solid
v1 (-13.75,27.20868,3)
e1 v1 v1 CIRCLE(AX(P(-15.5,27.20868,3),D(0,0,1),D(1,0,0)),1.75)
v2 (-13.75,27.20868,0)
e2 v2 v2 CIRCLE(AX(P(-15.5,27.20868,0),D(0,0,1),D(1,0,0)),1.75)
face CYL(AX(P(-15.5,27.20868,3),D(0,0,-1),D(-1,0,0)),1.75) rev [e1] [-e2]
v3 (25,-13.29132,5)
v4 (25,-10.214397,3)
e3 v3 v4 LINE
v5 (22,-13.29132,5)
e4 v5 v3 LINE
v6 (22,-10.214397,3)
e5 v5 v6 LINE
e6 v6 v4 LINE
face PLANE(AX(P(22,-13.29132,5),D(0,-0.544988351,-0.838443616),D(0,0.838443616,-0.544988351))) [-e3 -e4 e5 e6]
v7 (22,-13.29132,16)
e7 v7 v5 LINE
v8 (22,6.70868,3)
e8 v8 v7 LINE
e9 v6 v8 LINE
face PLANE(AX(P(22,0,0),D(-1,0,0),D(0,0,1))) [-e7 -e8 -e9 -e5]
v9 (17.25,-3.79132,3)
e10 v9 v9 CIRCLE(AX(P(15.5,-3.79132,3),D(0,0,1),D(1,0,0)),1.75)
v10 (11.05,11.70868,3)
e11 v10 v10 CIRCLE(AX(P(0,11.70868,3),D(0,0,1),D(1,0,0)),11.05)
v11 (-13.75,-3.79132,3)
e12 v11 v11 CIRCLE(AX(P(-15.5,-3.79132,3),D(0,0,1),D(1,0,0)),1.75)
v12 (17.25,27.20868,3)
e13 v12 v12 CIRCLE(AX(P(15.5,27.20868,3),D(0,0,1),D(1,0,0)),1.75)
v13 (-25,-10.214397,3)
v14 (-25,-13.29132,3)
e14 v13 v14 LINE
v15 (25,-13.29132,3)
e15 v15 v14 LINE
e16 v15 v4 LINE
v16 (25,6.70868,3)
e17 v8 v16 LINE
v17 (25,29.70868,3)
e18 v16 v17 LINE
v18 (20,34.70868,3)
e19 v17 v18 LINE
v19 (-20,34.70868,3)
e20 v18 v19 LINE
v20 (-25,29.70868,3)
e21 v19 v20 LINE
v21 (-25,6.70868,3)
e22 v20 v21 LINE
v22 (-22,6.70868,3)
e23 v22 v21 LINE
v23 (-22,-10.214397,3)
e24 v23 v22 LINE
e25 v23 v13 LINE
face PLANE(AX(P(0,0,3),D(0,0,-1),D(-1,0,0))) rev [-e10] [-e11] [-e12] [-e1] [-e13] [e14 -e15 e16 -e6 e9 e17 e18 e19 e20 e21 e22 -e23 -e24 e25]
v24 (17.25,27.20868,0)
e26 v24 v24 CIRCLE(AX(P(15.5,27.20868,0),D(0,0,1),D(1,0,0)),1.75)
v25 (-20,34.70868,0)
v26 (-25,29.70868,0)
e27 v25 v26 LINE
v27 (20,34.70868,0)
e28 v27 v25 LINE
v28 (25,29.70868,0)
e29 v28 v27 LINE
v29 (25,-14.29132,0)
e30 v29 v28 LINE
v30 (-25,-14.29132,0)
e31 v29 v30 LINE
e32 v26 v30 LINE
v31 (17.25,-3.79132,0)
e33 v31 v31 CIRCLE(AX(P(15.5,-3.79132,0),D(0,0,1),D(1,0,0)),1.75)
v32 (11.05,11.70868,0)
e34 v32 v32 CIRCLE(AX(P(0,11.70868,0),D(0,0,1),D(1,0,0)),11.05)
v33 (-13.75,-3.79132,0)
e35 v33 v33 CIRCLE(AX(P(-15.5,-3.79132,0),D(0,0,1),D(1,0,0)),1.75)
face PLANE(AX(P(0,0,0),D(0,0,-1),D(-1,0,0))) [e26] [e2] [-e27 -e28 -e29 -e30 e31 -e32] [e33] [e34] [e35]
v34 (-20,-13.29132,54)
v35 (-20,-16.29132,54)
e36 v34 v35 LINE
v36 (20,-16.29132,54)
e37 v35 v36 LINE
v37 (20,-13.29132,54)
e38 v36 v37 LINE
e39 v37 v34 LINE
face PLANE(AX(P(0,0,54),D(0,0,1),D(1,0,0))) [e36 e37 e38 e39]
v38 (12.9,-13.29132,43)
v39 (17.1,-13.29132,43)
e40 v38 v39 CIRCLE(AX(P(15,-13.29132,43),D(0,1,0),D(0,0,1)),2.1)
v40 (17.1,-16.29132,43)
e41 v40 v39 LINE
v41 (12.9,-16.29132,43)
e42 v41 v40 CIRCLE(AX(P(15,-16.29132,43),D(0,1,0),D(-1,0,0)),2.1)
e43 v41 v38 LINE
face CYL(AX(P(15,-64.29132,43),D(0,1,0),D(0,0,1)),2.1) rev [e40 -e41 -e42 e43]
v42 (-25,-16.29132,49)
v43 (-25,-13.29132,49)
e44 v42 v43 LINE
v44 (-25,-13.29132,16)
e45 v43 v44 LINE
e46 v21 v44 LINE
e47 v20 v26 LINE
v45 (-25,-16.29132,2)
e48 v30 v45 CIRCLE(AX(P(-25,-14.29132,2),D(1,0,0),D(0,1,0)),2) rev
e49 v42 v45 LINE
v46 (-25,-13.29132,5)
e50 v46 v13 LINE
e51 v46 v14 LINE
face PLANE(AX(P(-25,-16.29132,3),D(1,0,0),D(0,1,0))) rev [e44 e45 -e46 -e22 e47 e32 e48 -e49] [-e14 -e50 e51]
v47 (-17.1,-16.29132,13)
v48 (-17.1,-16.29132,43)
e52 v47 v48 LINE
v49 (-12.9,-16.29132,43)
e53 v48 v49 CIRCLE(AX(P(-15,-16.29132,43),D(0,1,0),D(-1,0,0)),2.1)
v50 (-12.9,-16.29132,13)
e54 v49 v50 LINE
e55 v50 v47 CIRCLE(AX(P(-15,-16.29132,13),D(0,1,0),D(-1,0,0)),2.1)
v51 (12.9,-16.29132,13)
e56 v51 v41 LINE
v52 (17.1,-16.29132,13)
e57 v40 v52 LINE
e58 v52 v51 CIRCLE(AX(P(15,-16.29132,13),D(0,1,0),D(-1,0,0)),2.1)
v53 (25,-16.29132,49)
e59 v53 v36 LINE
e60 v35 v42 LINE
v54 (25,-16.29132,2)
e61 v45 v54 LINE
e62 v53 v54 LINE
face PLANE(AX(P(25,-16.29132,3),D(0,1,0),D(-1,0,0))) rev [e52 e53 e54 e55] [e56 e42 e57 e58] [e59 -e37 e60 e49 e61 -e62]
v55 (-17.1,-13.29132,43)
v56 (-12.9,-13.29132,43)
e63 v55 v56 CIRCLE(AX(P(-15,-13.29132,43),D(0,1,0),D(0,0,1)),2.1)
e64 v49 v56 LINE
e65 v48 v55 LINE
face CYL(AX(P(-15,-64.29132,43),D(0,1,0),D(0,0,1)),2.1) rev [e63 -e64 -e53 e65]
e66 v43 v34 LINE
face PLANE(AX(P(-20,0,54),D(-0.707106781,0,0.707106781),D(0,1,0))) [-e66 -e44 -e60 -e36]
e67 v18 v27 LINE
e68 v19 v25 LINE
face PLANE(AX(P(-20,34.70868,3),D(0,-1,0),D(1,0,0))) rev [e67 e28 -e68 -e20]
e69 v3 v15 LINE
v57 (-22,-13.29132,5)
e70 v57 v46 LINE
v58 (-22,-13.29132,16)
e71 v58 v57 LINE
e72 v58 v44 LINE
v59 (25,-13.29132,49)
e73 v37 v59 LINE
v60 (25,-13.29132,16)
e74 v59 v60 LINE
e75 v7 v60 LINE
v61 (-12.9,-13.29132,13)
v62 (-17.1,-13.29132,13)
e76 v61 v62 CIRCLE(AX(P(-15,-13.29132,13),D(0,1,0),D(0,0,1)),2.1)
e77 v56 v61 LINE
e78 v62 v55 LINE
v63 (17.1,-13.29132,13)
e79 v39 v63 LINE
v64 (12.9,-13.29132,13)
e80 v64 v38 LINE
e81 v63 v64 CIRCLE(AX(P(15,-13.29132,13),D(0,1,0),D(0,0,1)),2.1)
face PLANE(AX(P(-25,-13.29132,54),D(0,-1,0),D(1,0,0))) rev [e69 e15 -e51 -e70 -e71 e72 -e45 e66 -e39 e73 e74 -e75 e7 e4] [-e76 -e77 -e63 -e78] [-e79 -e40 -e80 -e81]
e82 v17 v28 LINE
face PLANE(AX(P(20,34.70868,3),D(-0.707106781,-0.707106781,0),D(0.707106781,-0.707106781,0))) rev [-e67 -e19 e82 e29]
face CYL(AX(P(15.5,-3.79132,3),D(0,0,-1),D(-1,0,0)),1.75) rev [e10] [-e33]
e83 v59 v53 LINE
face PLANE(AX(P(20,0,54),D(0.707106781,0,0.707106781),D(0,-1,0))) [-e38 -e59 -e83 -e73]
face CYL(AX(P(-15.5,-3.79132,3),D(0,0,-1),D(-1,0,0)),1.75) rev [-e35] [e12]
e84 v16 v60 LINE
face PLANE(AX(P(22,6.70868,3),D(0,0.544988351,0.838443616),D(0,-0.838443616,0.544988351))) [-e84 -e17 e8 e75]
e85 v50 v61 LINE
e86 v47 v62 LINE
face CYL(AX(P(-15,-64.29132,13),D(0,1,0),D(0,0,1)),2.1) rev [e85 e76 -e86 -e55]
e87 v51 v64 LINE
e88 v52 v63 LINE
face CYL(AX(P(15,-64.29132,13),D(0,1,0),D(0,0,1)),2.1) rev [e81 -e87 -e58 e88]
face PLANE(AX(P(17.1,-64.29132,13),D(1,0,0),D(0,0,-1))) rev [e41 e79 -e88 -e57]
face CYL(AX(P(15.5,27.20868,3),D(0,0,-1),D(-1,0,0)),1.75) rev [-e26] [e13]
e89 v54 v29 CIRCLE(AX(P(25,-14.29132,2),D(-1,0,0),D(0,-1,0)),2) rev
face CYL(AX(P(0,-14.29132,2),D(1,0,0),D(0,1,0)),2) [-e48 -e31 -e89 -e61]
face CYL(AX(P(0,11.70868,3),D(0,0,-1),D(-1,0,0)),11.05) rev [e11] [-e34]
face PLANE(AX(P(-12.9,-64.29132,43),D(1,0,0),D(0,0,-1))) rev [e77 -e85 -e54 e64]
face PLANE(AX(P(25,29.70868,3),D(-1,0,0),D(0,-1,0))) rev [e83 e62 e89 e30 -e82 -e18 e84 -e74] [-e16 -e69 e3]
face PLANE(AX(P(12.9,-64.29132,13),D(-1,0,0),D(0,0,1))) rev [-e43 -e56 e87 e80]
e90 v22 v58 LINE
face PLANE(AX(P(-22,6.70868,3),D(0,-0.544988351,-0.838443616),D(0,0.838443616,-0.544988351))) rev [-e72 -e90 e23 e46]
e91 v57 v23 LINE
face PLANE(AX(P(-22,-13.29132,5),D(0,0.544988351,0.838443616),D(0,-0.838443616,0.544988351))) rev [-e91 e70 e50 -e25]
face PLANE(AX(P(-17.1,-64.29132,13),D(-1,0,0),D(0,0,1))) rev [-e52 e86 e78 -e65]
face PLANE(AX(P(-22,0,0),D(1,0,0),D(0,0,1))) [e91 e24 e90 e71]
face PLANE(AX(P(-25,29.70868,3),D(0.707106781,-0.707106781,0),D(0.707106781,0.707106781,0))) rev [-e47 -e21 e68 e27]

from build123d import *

# Parameters (mm, degrees)
SKETCH_1_R          = 1.75
SKETCH_1_R_2        = 11.05
EXTRUDE_1_DEPTH     = 3
SKETCH_2_W          = 50
SKETCH_2_H          = 3
EXTRUDE_2_DEPTH     = 51
FILLET_1_R          = 2
CUT_EXTRUDE_1_DEPTH = 51
CHAMFER_1_SIZE      = 5
EXTRUDE_3_DEPTH     = 3
FILLET_3_R          = 2


with BuildPart() as part:
    # 草图1 → 凸台-拉伸1 (new body)
    with BuildSketch(Plane.XY):
        Polygon((25, 29.708680022), (25, -16.291319978), (-25, -16.291319978), (-25, 29.708680022), (-20, 34.708680022), (20, 34.708680022), align=None)
        with Locations((-15.5, 27.208680022)):
            Circle(SKETCH_1_R, mode=Mode.SUBTRACT)
        with Locations((15.5, 27.208680022)):
            Circle(SKETCH_1_R, mode=Mode.SUBTRACT)
        with Locations((-15.5, -3.791319978)):
            Circle(SKETCH_1_R, mode=Mode.SUBTRACT)
        with Locations((15.5, -3.791319978)):
            Circle(SKETCH_1_R, mode=Mode.SUBTRACT)
        with Locations((0, 11.708680022)):
            Circle(SKETCH_1_R_2, mode=Mode.SUBTRACT)
    extrude_1 = extrude(amount=EXTRUDE_1_DEPTH)

    # 草图2 → 凸台-拉伸2 (add)
    with BuildSketch(Plane.XY.offset(3)):
        with Locations((0, -14.791319978)):
            Rectangle(SKETCH_2_W, SKETCH_2_H)
    extrude(amount=EXTRUDE_2_DEPTH)

    # 圆角1
    fillet_1_edges = [part.edges().sort_by_distance(p)[0] for p in [
        (0, -16.291319978, 0),
    ]]
    fillet(fillet_1_edges, radius=FILLET_1_R)

    # 草图3 → 切除-拉伸1 (cut)
    with BuildSketch(Plane(origin=(0, -13.291319978, 0), x_dir=(1, 0, 0), z_dir=(0, 1, 0))):
        with BuildLine():
            Line((-17.1, -13), (-17.1, -43))
            ThreePointArc((-17.1, -43), (-15, -45.1), (-12.9, -43))
            Line((-12.9, -43), (-12.9, -13))
            ThreePointArc((-12.9, -13), (-15, -10.9), (-17.1, -13))
        make_face()
        with BuildLine():
            Line((12.9, -13), (12.9, -43))
            ThreePointArc((12.9, -43), (15, -45.1), (17.1, -43))
            Line((17.1, -43), (17.1, -13))
            ThreePointArc((17.1, -13), (15, -10.9), (12.9, -13))
        make_face()
    extrude(amount=-CUT_EXTRUDE_1_DEPTH, mode=Mode.SUBTRACT)

    # 倒角1
    chamfer_1_edges = [part.edges().sort_by_distance(p)[0] for p in [
        (-25, -14.791319978, 54),
        (25, -14.791319978, 54),
    ]]
    chamfer(chamfer_1_edges, length=CHAMFER_1_SIZE)

    # 草图4 → 凸台-拉伸3 (add)
    with BuildSketch(Plane(origin=(25, 0, 0), x_dir=(0, 0, -1), z_dir=(1, 0, 0))):
        Polygon((-3, 6.708680022), (-16, -13.291319978), (-5, -13.291319978), (-3, -10.214396901), align=None)
    extrude_3 = extrude(amount=-EXTRUDE_3_DEPTH)

    # 镜向1: 凸台-拉伸1, 凸台-拉伸3 across plane
    add(extrude_1.mirror(Plane(origin=(0, 0, 0), x_dir=(0, 0, 1), z_dir=(1, 0, 0))))
    add(extrude_3.mirror(Plane(origin=(0, 0, 0), x_dir=(0, 0, 1), z_dir=(1, 0, 0))))

    # 圆角3
    fillet_3_edges = [part.edges().sort_by_distance(p)[0] for p in [
        (0, -16.291319978, 0),
    ]]
    fillet(fillet_3_edges, radius=FILLET_3_R)


solid = part.part
